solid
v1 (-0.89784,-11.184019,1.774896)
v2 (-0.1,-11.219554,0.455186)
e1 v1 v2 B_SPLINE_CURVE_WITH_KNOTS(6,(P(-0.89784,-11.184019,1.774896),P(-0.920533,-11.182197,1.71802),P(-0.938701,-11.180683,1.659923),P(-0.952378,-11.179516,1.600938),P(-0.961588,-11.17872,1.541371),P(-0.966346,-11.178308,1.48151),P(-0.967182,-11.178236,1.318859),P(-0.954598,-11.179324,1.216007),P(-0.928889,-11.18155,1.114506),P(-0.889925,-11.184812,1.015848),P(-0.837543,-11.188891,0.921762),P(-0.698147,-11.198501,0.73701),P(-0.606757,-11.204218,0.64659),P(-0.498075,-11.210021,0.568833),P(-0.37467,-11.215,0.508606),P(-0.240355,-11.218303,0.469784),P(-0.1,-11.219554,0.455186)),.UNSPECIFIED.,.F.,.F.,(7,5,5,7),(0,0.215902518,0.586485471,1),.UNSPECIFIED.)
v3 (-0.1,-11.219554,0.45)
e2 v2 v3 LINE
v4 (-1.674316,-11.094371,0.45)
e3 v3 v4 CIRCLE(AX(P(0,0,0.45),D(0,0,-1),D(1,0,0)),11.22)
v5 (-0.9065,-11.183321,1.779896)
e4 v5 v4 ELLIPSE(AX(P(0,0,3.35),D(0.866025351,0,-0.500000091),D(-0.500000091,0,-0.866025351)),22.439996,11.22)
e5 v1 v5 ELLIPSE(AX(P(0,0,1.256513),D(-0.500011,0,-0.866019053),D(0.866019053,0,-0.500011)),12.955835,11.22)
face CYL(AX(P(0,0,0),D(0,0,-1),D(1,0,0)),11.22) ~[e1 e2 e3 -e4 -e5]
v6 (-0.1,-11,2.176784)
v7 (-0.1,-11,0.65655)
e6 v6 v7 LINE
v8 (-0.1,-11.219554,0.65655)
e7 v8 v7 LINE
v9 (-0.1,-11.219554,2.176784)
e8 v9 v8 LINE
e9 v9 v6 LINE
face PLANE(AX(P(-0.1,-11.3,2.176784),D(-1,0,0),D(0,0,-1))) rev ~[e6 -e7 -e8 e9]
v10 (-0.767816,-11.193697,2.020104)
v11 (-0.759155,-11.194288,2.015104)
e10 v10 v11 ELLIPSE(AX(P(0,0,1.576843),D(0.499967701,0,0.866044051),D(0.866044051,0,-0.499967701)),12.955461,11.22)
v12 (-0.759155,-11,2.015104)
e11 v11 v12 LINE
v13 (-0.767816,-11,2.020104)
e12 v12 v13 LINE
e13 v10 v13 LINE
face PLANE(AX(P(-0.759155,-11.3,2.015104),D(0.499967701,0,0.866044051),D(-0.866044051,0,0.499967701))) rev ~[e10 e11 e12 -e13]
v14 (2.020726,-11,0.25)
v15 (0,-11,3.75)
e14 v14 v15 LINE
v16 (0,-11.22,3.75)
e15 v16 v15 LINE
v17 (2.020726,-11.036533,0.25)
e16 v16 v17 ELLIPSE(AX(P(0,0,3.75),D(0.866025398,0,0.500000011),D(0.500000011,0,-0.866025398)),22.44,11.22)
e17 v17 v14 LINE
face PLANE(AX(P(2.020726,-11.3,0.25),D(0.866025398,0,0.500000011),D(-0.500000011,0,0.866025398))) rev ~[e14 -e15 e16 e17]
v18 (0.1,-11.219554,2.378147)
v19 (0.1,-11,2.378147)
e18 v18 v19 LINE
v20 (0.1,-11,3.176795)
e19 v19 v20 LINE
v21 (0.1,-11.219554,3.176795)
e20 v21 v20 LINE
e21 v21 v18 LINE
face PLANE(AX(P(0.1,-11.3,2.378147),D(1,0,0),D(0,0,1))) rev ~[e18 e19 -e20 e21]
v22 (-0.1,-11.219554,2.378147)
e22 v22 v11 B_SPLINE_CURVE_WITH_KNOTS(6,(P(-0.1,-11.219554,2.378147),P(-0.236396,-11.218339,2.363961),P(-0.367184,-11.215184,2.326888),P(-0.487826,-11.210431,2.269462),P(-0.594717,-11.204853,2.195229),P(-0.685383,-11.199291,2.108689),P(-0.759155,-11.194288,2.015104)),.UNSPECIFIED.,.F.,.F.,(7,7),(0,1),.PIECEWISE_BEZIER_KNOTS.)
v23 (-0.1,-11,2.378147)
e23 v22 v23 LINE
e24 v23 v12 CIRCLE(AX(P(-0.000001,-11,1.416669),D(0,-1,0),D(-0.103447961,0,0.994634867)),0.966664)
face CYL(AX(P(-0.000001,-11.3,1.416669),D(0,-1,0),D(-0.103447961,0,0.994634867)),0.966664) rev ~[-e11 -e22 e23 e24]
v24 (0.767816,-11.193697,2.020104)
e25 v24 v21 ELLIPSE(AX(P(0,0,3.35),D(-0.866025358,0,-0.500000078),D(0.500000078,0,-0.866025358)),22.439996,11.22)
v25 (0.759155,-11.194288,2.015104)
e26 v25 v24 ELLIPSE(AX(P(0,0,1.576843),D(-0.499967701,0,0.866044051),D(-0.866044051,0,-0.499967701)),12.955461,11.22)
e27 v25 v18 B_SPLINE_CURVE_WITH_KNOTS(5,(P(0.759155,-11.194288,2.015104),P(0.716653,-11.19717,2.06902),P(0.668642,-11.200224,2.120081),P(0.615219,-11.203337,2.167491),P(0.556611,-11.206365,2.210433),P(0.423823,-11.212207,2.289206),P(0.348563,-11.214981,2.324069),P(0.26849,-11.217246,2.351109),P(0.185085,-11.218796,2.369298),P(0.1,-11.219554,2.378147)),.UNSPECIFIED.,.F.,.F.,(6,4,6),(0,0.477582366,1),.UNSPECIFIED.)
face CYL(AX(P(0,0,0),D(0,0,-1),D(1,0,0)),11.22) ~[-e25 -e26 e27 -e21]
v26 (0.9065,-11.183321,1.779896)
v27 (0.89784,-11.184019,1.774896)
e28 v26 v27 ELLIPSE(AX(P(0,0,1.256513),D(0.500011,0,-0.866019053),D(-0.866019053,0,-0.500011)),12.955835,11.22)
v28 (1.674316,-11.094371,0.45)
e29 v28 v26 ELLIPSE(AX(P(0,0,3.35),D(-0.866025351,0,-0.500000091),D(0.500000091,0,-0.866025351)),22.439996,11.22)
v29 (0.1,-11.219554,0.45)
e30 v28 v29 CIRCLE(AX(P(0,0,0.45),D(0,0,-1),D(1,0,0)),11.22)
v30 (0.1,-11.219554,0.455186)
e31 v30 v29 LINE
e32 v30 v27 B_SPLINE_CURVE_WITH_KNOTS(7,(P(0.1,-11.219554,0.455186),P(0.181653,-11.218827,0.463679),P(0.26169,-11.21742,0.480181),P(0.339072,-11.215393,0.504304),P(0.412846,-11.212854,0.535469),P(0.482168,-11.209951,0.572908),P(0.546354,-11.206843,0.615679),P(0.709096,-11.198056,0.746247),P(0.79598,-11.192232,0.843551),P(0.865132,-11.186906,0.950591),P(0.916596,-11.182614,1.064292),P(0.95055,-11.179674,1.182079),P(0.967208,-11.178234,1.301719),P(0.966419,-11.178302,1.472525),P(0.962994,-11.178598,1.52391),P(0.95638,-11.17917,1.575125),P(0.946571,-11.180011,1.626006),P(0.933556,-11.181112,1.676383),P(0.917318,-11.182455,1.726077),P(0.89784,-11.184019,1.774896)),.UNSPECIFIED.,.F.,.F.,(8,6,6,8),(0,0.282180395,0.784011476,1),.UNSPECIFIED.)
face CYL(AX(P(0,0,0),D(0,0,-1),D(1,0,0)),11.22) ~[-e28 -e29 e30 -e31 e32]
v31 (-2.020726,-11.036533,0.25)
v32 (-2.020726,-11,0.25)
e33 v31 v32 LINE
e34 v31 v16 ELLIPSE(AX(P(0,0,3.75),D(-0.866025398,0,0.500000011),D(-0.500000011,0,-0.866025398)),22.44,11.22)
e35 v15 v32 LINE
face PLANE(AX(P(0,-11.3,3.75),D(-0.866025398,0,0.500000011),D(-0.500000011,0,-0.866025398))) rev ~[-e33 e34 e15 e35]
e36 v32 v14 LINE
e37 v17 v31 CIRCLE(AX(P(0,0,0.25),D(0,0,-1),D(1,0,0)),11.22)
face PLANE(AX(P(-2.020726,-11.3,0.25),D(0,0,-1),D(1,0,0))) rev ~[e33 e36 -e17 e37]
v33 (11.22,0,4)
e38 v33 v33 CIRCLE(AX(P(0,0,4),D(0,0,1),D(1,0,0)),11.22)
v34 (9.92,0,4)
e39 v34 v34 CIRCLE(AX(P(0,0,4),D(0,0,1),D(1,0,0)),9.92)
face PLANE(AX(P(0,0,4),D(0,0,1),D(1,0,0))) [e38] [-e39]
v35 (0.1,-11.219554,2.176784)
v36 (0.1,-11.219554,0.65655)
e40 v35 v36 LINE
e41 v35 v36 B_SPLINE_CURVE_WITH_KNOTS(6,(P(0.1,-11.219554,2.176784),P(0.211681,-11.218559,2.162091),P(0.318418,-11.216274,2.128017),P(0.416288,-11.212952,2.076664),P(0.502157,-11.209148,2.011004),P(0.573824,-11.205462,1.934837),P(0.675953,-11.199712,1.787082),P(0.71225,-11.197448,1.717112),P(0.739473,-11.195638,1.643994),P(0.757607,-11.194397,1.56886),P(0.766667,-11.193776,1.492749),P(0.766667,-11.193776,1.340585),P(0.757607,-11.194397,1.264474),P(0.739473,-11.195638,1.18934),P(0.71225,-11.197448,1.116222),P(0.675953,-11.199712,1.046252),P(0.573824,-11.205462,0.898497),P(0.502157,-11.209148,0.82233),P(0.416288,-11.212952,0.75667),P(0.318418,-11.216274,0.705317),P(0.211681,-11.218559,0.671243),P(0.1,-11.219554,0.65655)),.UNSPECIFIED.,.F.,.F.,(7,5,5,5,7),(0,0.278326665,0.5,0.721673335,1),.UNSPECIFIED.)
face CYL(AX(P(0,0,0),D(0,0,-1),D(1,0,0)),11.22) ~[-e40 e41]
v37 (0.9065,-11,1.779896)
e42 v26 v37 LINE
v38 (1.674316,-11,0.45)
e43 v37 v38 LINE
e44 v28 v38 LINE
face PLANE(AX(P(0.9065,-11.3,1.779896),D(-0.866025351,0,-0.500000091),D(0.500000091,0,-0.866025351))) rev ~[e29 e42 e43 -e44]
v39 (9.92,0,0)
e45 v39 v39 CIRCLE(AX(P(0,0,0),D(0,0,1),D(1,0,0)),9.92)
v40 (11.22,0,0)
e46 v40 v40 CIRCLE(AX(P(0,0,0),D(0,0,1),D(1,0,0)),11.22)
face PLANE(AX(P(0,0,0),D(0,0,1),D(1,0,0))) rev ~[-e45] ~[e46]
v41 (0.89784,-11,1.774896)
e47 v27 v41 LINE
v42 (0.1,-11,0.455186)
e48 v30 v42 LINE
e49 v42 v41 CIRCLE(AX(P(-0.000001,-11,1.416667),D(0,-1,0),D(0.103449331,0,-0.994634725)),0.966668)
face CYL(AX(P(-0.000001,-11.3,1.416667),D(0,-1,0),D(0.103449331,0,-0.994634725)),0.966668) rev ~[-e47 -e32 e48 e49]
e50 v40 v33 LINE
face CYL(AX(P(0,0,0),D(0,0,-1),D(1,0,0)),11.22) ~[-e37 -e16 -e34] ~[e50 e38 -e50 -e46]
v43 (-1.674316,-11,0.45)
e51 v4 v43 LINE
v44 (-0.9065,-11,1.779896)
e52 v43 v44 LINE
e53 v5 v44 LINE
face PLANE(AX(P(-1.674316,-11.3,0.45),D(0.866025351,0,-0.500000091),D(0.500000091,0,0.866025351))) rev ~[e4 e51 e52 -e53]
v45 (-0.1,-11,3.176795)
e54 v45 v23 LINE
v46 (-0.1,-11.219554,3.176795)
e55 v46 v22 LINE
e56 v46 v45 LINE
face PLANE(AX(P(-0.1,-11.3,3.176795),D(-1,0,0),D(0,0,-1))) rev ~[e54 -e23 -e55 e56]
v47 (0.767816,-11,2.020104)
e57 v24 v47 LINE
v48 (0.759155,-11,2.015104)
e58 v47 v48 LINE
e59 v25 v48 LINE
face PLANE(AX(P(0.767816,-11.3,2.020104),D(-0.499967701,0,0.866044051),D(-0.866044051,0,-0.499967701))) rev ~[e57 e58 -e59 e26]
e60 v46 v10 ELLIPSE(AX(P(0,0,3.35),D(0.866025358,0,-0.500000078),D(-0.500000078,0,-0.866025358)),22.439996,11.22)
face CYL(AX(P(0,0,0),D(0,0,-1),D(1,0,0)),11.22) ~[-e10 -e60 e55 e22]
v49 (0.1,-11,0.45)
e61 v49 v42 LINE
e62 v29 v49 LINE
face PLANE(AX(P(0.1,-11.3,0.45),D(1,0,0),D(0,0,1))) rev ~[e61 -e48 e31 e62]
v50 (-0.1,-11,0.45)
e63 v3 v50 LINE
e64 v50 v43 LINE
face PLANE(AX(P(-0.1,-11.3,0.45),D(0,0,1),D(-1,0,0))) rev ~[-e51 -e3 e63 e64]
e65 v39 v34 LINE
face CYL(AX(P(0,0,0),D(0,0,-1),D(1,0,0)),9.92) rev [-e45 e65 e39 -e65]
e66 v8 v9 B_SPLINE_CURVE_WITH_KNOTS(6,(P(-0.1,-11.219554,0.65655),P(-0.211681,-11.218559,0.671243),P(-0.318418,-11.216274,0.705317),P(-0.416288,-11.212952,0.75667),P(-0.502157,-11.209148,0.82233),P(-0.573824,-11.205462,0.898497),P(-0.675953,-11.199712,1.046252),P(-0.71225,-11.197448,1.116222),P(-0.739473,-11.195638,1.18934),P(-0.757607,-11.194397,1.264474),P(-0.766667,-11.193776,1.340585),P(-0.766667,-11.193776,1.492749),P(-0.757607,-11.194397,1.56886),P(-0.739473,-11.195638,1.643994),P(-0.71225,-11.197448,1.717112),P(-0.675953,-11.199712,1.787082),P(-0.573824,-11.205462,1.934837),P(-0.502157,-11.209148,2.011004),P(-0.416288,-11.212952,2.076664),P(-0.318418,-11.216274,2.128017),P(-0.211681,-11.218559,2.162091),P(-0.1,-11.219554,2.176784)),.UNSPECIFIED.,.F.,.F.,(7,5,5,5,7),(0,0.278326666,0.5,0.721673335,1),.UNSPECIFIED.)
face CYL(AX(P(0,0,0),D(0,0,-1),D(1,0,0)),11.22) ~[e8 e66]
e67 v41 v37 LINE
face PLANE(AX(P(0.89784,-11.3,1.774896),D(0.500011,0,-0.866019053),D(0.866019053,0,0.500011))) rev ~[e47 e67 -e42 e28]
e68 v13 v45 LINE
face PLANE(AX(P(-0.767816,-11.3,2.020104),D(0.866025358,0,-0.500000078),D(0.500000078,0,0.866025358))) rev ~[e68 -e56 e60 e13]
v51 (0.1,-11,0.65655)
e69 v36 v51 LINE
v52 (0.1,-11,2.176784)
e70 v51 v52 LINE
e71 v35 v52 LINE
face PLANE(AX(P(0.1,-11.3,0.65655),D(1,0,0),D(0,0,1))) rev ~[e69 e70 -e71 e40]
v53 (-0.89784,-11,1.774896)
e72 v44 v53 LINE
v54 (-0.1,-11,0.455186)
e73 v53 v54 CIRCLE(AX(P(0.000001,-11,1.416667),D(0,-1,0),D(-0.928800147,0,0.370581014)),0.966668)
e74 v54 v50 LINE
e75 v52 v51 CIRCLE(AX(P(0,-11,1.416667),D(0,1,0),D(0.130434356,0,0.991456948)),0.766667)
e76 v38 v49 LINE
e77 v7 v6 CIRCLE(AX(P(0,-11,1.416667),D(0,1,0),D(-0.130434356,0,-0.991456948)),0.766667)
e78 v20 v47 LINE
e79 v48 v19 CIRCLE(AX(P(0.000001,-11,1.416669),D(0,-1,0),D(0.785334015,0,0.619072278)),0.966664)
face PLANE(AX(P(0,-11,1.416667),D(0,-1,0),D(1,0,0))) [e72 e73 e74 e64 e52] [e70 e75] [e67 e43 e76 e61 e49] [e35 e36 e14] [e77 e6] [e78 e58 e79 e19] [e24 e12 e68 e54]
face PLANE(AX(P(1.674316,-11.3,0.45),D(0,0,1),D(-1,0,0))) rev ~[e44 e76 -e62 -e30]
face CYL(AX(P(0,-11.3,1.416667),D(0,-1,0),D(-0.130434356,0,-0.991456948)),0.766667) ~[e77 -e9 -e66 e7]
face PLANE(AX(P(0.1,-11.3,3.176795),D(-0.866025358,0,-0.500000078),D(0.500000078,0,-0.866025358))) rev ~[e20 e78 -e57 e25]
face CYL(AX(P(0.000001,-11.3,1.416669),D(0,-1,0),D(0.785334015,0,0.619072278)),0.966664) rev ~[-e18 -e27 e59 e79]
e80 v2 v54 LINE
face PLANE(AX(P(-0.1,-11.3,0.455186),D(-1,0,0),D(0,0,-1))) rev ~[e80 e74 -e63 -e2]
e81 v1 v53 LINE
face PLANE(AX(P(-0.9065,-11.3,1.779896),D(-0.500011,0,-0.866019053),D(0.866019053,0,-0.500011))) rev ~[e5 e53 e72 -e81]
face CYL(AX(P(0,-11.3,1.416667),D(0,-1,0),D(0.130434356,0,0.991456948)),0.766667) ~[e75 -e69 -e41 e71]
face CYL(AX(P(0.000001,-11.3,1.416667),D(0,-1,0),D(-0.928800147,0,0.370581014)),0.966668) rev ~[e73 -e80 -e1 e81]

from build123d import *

# Parameters (mm, degrees)
F0_R     = 11.22
F0_R_2   = 9.92
F1_DEPTH = 4
F4_DEPTH = 0.3


with BuildPart() as f1:
    # F0 (on Top) → F1 (new body)
    with BuildSketch(Plane.XY):
        Circle(F0_R)
        Circle(F0_R_2, mode=Mode.SUBTRACT)
    extrude(amount=F1_DEPTH)

    # F3 (on offset) → F4 (cut)
    with BuildSketch(Plane.XZ.offset(11.3)):
        Polygon((0, 3.75), (-2.020726, 0.25), (2.020726, 0.25), align=None)
        with BuildLine():
            Line((-0.1, 0.45), (-1.674316, 0.45))
            Line((-1.674316, 0.45), (-0.9065, 1.779896))
            Line((-0.9065, 1.779896), (-0.89784, 1.774896))
            ThreePointArc((-0.89784, 1.774896), (-0.827242, 0.916552), (-0.1, 0.455186))
            Line((-0.1, 0.455186), (-0.1, 0.45))
        make_face(mode=Mode.SUBTRACT)
        with BuildLine():
            ThreePointArc((-0.1, 0.65655), (-0.766667, 1.416667), (-0.1, 2.176784))
            Line((-0.1, 2.176784), (-0.1, 0.65655))
        make_face(mode=Mode.SUBTRACT)
        with BuildLine():
            Line((0.9065, 1.779896), (1.674316, 0.45))
            Line((1.674316, 0.45), (0.1, 0.45))
            Line((0.1, 0.45), (0.1, 0.455186))
            ThreePointArc((0.1, 0.455186), (0.827242, 0.916552), (0.89784, 1.774896))
            Line((0.89784, 1.774896), (0.9065, 1.779896))
        make_face(mode=Mode.SUBTRACT)
        with BuildLine():
            ThreePointArc((0.1, 2.176784), (0.766667, 1.416667), (0.1, 0.65655))
            Line((0.1, 0.65655), (0.1, 2.176784))
        make_face(mode=Mode.SUBTRACT)
        with BuildLine():
            Line((-0.767816, 2.020104), (-0.1, 3.176795))
            Line((-0.1, 3.176795), (-0.1, 2.378147))
            ThreePointArc((-0.1, 2.378147), (-0.466355, 2.2634), (-0.759155, 2.015104))
            Line((-0.759155, 2.015104), (-0.767816, 2.020104))
        make_face(mode=Mode.SUBTRACT)
        with BuildLine():
            Line((0.1, 2.378147), (0.1, 3.176795))
            Line((0.1, 3.176795), (0.767816, 2.020104))
            Line((0.767816, 2.020104), (0.759155, 2.015104))
            ThreePointArc((0.759155, 2.015104), (0.466355, 2.2634), (0.1, 2.378147))
        make_face(mode=Mode.SUBTRACT)
    extrude(amount=-F4_DEPTH, mode=Mode.SUBTRACT)


solid = f1.part
